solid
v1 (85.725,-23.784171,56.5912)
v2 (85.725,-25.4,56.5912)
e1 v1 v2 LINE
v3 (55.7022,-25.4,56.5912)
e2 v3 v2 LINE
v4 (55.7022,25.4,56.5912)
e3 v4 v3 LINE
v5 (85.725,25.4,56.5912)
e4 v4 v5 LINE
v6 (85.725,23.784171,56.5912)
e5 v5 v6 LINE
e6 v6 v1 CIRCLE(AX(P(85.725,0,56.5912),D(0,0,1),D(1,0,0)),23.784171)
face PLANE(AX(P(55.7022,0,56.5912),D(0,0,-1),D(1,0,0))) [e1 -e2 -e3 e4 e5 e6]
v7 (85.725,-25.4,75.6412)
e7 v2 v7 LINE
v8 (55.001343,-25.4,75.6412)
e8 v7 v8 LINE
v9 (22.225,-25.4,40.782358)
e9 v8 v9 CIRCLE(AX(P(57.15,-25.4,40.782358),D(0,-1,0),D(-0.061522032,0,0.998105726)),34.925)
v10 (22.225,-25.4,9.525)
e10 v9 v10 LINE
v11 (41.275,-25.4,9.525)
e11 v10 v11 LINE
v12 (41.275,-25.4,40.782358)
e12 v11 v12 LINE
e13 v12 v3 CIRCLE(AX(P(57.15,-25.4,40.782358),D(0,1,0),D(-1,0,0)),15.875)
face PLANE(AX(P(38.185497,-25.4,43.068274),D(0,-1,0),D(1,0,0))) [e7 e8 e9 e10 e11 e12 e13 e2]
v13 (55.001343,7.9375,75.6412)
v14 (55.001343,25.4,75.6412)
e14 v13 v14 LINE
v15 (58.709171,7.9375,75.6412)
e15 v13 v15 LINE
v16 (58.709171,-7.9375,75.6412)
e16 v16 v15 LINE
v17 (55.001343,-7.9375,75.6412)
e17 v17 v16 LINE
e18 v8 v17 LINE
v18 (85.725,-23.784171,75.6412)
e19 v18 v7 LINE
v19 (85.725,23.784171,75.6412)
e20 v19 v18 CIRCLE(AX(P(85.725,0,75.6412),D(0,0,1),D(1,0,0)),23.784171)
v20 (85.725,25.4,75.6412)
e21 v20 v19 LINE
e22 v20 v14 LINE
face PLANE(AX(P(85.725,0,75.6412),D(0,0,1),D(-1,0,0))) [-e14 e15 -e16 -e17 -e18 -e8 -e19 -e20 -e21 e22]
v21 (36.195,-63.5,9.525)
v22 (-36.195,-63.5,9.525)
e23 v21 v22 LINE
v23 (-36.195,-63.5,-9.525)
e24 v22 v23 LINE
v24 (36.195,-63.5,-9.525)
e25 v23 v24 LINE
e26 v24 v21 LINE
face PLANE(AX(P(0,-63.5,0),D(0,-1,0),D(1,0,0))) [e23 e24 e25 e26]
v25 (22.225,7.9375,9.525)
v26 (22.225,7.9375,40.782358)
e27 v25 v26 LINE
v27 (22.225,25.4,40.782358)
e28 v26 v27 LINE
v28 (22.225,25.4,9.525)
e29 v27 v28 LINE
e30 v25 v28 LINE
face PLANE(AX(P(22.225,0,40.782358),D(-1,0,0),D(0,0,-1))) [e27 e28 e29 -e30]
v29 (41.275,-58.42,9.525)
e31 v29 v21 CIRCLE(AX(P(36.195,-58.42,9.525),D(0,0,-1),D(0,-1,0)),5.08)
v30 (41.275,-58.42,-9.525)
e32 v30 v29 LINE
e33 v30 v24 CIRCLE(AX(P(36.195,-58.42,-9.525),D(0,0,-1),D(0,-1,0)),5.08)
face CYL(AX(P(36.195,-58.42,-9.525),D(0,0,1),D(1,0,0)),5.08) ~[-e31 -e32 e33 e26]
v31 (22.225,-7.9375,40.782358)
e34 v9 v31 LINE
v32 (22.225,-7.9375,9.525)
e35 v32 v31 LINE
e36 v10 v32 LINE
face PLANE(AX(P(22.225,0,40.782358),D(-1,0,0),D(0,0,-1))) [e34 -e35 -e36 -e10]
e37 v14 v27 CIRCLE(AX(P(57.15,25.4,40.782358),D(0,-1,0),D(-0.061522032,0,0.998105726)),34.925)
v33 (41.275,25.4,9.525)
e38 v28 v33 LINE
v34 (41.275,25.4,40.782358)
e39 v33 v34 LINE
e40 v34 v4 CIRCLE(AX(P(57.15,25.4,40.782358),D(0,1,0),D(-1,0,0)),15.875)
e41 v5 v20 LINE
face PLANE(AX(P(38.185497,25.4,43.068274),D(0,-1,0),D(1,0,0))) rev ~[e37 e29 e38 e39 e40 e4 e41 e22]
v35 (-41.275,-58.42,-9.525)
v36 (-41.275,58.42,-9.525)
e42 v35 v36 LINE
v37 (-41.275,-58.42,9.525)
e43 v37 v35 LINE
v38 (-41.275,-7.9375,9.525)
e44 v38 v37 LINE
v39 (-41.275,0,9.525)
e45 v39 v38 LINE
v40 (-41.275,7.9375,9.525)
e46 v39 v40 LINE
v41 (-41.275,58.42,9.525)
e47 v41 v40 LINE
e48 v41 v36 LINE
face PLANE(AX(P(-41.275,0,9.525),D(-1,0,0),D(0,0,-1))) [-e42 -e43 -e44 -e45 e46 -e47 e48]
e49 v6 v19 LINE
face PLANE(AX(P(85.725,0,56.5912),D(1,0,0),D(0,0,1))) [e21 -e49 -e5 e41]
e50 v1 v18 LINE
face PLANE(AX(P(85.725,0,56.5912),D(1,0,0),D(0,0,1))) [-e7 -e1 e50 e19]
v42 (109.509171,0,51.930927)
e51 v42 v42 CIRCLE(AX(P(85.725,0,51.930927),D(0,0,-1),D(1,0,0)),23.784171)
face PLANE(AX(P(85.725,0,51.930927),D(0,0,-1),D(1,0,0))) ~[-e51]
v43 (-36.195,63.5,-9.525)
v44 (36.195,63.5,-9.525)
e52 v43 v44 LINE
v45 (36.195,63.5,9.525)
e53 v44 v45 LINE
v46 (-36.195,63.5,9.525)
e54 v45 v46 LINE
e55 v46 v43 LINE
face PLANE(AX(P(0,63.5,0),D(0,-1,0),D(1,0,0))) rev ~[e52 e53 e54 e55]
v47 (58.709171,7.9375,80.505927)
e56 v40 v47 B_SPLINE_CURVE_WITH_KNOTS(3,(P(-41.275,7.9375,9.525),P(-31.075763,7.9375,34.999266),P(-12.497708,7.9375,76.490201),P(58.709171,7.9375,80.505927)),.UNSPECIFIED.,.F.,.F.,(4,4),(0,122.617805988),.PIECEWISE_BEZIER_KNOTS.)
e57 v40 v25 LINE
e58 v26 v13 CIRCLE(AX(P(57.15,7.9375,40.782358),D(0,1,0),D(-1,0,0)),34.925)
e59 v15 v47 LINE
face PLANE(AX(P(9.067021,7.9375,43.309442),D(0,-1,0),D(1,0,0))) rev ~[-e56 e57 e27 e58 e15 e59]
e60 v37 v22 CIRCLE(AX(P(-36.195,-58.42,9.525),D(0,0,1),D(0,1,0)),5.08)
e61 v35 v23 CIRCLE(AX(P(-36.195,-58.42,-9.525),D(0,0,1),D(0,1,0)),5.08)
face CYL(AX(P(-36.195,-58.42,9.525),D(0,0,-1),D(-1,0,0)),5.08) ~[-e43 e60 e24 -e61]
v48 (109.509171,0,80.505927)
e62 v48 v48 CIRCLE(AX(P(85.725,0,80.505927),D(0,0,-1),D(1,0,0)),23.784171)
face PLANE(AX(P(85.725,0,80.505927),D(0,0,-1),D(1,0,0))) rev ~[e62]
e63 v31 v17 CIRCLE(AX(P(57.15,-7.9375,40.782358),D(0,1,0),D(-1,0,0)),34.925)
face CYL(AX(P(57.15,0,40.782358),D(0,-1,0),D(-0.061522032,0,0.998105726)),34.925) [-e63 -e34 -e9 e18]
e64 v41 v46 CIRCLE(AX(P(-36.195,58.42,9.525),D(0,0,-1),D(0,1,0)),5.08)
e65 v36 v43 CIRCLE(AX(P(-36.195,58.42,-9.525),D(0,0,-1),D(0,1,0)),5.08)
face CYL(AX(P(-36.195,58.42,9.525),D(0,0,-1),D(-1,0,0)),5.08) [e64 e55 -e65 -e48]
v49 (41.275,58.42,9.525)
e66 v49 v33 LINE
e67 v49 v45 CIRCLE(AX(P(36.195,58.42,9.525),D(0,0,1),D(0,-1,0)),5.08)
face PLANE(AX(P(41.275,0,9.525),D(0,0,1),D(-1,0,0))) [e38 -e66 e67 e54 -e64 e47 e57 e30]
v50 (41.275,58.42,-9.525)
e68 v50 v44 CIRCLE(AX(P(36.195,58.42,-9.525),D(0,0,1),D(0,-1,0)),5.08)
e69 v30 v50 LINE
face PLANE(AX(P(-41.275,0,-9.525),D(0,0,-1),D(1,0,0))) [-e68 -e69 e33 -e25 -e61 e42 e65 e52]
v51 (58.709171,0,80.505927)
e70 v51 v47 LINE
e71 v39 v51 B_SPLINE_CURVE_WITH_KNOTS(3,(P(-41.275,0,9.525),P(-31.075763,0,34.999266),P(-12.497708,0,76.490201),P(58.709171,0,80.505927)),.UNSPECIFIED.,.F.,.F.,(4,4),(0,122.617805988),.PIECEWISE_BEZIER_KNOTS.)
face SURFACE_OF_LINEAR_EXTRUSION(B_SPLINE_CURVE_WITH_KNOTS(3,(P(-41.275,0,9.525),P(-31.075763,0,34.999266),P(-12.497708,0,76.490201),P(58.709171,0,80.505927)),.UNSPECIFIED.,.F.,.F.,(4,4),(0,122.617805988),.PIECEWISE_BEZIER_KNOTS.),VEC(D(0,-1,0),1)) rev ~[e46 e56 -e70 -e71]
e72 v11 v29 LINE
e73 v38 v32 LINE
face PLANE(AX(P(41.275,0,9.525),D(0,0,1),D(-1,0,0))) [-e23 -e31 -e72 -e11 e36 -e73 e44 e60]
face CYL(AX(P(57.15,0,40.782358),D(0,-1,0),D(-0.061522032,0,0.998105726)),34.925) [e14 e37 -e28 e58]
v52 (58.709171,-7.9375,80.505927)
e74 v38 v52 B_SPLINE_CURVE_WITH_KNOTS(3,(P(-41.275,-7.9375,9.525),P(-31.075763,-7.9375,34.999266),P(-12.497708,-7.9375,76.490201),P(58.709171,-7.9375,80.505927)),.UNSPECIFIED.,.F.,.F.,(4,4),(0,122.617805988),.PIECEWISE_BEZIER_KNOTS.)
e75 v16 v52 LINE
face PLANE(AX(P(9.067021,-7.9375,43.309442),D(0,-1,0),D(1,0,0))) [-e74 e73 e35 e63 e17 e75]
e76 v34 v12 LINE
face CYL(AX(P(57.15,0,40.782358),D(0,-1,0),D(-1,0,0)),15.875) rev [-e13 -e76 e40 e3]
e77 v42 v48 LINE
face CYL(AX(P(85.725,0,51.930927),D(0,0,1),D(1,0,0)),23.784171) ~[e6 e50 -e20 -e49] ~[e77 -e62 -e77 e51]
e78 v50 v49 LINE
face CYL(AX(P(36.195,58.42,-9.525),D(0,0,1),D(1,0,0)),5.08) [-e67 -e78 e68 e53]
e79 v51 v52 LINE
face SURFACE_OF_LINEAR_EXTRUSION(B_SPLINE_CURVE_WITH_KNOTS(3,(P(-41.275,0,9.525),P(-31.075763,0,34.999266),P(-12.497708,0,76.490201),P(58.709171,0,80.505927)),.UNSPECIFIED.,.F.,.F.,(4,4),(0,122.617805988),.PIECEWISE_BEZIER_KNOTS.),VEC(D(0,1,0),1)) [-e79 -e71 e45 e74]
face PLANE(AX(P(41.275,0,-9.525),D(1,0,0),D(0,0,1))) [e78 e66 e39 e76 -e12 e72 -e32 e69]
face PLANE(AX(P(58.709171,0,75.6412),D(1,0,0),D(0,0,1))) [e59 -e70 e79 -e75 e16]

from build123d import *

# Parameters (mm, degrees)
F1_DEPTH = 63.5
F0_W     = 27.0158293307
F0_H     = 19.05
F2_DEPTH = 25.4
F3_DEPTH = 7.9375
F5_R     = 5.08


with BuildPart() as f1:
    # F0 (on Front) → F1 (new body, symmetric)
    with BuildSketch(Plane.XZ):
        Polygon((41.275, -9.525), (41.275, 9.525), (22.225, 9.525), (-41.275, 9.525), (-41.275, -9.525), align=None)
    extrude(amount=F1_DEPTH, both=True)

    # F0 (on Front) → F2 (join, symmetric)
    with BuildSketch(Plane.XZ):
        with BuildLine():
            Line((22.225, 9.525), (41.275, 9.525))
            Line((41.275, 9.525), (41.275, 40.7823575326))
            ThreePointArc((41.275, 40.7823575326), (45.4239723265, 51.4835677445), (55.7022, 56.5912))
            Line((55.7022, 56.5912), (58.7091706693, 56.5912))
            Line((58.7091706693, 56.5912), (58.7091706693, 75.6412))
            Line((58.7091706693, 75.6412), (55.0013430169, 75.6412))
            ThreePointArc((55.0013430169, 75.6412), (31.7059685768, 64.7063390142), (22.225, 40.7823575326))
            Line((22.225, 40.7823575326), (22.225, 9.525))
        make_face()
        with Locations((72.2170853347, 66.1162)):
            Rectangle(F0_W, F0_H)
    extrude(amount=F2_DEPTH, both=True)

    # F0 (on Front) → F3 (join, symmetric)
    with BuildSketch(Plane.XZ):
        with BuildLine():
            Line((-41.275, 9.525), (22.225, 9.525))
            Line((22.225, 9.525), (22.225, 40.7823575326))
            ThreePointArc((22.225, 40.7823575326), (31.7059685768, 64.7063390142), (55.0013430169, 75.6412))
            Line((55.0013430169, 75.6412), (58.7091706693, 75.6412))
            Line((58.7091706693, 75.6412), (58.7091706693, 80.5059267402))
            add(Edge.make_bspline(
                [(-41.275, 9.525), (-31.0757625848, 34.9992662668), (-12.4977082014, 76.490201056), (58.7091706693, 80.5059267402)],
                knots=[0, 0, 0, 0, 122.6178059881, 122.6178059881, 122.6178059881, 122.6178059881], degree=3))
        make_face()
    extrude(amount=F3_DEPTH, both=True)

    # F0 (on Front) → F4 (revolve)
    with BuildSketch(Plane.XZ):
        Polygon((109.5091706693, 80.5059267402), (85.725, 80.5059267402), (85.725, 75.6412), (85.725, 56.5912), (85.725, 51.9309267402), (109.5091706693, 51.9309267402), align=None)
    revolve(axis=Axis((85.725, 0, 66.2184267402), (0, 0, -1)))

    # F5
    f5_edges = [f1.edges().sort_by_distance(p)[0] for p in [
        (41.275, 63.5, 0),
        (-41.275, 63.5, 0),
        (-41.275, -63.5, 0),
        (41.275, -63.5, 0),
    ]]
    fillet(f5_edges, radius=F5_R)


solid = f1.part
